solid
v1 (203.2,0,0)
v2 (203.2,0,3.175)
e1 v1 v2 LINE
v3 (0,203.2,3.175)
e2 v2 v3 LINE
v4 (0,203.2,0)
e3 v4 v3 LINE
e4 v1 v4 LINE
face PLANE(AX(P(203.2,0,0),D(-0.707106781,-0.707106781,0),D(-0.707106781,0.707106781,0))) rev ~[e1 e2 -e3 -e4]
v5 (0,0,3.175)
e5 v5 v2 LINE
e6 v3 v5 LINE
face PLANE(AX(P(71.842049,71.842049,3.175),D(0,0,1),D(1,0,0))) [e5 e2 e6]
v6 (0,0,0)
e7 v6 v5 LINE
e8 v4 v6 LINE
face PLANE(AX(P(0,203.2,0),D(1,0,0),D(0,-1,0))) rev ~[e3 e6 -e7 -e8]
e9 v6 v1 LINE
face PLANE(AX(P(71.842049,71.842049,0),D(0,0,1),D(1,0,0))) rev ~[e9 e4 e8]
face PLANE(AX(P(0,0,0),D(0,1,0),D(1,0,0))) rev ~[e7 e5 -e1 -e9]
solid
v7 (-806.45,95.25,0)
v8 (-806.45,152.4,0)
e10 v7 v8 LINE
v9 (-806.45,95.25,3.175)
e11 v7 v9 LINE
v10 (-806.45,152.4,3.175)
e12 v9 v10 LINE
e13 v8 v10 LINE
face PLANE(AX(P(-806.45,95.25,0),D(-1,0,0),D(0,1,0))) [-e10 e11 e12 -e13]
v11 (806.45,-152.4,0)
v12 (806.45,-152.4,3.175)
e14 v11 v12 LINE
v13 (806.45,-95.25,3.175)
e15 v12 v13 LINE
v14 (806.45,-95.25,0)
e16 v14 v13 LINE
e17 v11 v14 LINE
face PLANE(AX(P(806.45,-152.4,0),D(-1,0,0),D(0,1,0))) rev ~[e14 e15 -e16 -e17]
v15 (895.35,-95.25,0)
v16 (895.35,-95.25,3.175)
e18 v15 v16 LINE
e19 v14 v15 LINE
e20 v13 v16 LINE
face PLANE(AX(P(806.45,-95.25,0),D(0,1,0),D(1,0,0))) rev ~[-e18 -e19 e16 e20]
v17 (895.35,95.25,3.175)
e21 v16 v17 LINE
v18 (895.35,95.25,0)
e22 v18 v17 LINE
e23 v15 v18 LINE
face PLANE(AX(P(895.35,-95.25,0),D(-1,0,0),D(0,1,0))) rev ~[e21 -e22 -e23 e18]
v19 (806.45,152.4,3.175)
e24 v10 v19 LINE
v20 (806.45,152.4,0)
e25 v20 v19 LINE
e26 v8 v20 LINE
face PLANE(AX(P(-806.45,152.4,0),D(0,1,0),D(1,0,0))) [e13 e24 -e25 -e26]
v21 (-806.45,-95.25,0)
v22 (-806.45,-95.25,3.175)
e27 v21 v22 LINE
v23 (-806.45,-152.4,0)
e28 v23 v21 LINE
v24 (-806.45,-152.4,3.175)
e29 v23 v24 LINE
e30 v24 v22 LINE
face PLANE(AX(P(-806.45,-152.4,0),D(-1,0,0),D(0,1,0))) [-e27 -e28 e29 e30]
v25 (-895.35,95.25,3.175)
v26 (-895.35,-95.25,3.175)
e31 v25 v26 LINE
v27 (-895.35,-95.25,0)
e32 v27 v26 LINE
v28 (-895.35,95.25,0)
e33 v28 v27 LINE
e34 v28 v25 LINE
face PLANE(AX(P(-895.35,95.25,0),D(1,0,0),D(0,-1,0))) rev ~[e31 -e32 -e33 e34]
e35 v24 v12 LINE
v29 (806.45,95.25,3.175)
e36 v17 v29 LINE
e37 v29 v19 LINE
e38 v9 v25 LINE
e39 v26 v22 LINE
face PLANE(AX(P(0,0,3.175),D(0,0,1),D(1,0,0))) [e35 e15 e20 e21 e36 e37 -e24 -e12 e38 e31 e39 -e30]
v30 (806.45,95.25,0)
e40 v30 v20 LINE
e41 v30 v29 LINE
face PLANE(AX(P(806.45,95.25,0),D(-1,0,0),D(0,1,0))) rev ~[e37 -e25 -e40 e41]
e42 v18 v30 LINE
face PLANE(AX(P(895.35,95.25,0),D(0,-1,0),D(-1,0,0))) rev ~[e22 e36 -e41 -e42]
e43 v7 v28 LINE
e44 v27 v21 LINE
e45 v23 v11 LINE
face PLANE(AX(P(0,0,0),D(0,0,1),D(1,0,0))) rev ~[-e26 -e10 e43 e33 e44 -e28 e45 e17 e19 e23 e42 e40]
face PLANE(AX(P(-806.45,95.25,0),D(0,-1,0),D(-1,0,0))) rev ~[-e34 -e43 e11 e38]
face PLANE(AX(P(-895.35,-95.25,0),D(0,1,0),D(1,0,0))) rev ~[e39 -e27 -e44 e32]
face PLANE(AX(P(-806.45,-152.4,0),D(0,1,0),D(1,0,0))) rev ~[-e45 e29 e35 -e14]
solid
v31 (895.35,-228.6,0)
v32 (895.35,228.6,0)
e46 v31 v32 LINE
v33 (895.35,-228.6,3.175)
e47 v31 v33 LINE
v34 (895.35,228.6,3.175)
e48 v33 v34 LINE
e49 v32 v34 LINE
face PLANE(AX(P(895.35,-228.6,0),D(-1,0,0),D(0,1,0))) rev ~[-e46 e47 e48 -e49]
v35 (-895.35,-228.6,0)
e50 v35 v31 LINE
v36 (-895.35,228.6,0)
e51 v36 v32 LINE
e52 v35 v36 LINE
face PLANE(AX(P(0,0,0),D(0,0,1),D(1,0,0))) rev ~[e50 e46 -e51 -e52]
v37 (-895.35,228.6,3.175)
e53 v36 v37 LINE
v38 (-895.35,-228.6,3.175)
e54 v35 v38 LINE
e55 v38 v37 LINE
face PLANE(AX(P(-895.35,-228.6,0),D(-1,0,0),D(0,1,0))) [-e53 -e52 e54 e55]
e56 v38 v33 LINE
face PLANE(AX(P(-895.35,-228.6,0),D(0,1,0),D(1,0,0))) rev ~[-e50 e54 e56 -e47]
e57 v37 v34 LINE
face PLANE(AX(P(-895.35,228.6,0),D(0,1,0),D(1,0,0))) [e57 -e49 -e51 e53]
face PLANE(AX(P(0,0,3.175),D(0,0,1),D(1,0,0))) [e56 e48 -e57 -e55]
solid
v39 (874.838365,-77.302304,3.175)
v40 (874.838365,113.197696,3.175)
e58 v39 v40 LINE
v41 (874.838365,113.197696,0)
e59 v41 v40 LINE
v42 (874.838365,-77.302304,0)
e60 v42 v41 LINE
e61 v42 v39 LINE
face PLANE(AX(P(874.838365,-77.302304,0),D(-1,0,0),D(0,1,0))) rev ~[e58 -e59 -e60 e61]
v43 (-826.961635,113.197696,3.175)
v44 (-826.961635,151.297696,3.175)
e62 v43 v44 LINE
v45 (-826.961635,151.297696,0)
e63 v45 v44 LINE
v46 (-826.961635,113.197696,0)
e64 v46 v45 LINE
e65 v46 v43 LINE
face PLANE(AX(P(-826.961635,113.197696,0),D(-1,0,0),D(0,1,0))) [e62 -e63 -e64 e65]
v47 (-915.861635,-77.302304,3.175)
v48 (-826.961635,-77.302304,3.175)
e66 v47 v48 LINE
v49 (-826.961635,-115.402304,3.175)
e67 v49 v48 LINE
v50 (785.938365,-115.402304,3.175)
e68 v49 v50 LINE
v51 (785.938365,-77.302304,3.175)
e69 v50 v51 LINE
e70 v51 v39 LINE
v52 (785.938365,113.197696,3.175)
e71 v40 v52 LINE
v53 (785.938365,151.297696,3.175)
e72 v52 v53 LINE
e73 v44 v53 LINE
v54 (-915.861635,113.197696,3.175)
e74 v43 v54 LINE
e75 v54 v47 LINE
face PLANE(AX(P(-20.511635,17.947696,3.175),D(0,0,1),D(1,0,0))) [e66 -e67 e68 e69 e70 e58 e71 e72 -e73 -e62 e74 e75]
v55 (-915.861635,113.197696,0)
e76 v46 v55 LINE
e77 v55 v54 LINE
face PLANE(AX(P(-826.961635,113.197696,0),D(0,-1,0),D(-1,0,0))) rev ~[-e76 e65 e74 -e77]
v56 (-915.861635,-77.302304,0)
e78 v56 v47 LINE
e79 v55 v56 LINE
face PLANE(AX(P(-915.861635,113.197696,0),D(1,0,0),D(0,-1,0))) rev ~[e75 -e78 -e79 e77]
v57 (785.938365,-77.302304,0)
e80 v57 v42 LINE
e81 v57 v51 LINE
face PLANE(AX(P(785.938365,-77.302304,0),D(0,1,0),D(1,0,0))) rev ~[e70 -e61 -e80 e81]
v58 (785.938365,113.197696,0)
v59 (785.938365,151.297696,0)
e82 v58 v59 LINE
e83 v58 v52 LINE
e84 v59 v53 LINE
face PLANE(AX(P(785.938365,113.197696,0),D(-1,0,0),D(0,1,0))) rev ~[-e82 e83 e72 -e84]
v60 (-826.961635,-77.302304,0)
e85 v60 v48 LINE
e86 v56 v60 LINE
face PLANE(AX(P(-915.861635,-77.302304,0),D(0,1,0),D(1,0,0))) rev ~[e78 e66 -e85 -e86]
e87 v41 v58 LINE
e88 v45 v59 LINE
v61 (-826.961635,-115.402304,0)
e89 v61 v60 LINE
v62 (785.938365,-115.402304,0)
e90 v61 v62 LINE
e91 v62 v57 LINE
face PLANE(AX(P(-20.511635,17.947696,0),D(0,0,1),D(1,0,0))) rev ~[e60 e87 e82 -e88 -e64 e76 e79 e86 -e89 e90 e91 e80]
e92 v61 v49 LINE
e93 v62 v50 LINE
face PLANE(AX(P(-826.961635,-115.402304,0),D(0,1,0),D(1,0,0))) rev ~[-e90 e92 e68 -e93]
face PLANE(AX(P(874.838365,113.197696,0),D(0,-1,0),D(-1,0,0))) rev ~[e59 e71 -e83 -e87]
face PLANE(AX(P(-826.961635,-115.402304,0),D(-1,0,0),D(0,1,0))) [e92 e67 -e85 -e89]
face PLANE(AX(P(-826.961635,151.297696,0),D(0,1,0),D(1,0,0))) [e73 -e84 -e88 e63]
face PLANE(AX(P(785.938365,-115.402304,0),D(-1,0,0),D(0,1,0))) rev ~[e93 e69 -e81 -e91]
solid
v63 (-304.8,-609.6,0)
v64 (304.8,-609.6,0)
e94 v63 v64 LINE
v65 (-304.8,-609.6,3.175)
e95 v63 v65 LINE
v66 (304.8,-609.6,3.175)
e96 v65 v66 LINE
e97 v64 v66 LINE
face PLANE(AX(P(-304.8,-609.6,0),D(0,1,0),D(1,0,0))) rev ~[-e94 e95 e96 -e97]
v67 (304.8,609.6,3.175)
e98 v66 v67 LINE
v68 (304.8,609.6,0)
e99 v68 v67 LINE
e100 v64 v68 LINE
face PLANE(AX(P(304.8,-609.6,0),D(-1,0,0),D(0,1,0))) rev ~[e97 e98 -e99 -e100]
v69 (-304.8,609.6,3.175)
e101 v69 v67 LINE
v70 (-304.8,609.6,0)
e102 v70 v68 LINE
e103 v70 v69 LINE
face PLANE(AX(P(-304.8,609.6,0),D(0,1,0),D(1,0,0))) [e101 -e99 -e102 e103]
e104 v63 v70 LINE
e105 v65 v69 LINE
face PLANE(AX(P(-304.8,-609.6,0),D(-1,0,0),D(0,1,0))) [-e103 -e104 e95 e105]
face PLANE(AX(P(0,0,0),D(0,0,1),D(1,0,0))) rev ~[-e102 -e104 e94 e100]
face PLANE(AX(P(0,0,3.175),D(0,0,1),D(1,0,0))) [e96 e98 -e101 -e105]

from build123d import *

# Parameters (mm, degrees)
F0_W     = 1612.9
F0_H     = 57.15
F1_DEPTH = 3.175
F2_W     = 1612.9
F2_H     = 38.1
F3_DEPTH = 3.175
F4_W     = 1790.7
F4_H     = 457.2
F5_DEPTH = 3.175
F7_DEPTH = 3.175
F8_W     = 609.6
F8_H     = 1219.2
F9_DEPTH = 3.175


with BuildPart() as f1:
    # F0 (on Top) → F1 (new body)
    with BuildSketch(Plane.XY):
        Polygon((-895.35, 95.25), (-895.35, -95.25), (-806.45, -95.25), (806.45, -95.25), (895.35, -95.25), (895.35, 95.25), (806.45, 95.25), (-806.45, 95.25), align=None)
        with Locations((0, 123.825)):
            Rectangle(F0_W, F0_H)
        with Locations((0, -123.825)):
            Rectangle(F0_W, F0_H)
    extrude(amount=F1_DEPTH)


with BuildPart() as f3:
    # F2 (on Top) → F3 (new body)
    with BuildSketch(Plane.XY):
        Polygon((-915.861635, 113.197696), (-915.861635, -77.302304), (-826.961635, -77.302304), (785.938365, -77.302304), (874.838365, -77.302304), (874.838365, 113.197696), (785.938365, 113.197696), (-826.961635, 113.197696), align=None)
        with Locations((-20.511635, 132.247696)):
            Rectangle(F2_W, F2_H)
        with Locations((-20.511635, -96.352304)):
            Rectangle(F2_W, F2_H)
    extrude(amount=F3_DEPTH)


with BuildPart() as f5:
    # F4 (on Top) → F5 (new body)
    with BuildSketch(Plane.XY):
        Rectangle(F4_W, F4_H)
    extrude(amount=F5_DEPTH)


with BuildPart() as f7:
    # F6 (on Top) → F7 (new body)
    with BuildSketch(Plane.XY):
        Polygon((0, 203.2), (0, 0), (203.2, 0), align=None)
    extrude(amount=F7_DEPTH)


with BuildPart() as f9:
    # F8 (on Top) → F9 (new body)
    with BuildSketch(Plane.XY):
        Rectangle(F8_W, F8_H)
    extrude(amount=F9_DEPTH)


solid = Compound([f1.part, f3.part, f5.part, f7.part, f9.part])
